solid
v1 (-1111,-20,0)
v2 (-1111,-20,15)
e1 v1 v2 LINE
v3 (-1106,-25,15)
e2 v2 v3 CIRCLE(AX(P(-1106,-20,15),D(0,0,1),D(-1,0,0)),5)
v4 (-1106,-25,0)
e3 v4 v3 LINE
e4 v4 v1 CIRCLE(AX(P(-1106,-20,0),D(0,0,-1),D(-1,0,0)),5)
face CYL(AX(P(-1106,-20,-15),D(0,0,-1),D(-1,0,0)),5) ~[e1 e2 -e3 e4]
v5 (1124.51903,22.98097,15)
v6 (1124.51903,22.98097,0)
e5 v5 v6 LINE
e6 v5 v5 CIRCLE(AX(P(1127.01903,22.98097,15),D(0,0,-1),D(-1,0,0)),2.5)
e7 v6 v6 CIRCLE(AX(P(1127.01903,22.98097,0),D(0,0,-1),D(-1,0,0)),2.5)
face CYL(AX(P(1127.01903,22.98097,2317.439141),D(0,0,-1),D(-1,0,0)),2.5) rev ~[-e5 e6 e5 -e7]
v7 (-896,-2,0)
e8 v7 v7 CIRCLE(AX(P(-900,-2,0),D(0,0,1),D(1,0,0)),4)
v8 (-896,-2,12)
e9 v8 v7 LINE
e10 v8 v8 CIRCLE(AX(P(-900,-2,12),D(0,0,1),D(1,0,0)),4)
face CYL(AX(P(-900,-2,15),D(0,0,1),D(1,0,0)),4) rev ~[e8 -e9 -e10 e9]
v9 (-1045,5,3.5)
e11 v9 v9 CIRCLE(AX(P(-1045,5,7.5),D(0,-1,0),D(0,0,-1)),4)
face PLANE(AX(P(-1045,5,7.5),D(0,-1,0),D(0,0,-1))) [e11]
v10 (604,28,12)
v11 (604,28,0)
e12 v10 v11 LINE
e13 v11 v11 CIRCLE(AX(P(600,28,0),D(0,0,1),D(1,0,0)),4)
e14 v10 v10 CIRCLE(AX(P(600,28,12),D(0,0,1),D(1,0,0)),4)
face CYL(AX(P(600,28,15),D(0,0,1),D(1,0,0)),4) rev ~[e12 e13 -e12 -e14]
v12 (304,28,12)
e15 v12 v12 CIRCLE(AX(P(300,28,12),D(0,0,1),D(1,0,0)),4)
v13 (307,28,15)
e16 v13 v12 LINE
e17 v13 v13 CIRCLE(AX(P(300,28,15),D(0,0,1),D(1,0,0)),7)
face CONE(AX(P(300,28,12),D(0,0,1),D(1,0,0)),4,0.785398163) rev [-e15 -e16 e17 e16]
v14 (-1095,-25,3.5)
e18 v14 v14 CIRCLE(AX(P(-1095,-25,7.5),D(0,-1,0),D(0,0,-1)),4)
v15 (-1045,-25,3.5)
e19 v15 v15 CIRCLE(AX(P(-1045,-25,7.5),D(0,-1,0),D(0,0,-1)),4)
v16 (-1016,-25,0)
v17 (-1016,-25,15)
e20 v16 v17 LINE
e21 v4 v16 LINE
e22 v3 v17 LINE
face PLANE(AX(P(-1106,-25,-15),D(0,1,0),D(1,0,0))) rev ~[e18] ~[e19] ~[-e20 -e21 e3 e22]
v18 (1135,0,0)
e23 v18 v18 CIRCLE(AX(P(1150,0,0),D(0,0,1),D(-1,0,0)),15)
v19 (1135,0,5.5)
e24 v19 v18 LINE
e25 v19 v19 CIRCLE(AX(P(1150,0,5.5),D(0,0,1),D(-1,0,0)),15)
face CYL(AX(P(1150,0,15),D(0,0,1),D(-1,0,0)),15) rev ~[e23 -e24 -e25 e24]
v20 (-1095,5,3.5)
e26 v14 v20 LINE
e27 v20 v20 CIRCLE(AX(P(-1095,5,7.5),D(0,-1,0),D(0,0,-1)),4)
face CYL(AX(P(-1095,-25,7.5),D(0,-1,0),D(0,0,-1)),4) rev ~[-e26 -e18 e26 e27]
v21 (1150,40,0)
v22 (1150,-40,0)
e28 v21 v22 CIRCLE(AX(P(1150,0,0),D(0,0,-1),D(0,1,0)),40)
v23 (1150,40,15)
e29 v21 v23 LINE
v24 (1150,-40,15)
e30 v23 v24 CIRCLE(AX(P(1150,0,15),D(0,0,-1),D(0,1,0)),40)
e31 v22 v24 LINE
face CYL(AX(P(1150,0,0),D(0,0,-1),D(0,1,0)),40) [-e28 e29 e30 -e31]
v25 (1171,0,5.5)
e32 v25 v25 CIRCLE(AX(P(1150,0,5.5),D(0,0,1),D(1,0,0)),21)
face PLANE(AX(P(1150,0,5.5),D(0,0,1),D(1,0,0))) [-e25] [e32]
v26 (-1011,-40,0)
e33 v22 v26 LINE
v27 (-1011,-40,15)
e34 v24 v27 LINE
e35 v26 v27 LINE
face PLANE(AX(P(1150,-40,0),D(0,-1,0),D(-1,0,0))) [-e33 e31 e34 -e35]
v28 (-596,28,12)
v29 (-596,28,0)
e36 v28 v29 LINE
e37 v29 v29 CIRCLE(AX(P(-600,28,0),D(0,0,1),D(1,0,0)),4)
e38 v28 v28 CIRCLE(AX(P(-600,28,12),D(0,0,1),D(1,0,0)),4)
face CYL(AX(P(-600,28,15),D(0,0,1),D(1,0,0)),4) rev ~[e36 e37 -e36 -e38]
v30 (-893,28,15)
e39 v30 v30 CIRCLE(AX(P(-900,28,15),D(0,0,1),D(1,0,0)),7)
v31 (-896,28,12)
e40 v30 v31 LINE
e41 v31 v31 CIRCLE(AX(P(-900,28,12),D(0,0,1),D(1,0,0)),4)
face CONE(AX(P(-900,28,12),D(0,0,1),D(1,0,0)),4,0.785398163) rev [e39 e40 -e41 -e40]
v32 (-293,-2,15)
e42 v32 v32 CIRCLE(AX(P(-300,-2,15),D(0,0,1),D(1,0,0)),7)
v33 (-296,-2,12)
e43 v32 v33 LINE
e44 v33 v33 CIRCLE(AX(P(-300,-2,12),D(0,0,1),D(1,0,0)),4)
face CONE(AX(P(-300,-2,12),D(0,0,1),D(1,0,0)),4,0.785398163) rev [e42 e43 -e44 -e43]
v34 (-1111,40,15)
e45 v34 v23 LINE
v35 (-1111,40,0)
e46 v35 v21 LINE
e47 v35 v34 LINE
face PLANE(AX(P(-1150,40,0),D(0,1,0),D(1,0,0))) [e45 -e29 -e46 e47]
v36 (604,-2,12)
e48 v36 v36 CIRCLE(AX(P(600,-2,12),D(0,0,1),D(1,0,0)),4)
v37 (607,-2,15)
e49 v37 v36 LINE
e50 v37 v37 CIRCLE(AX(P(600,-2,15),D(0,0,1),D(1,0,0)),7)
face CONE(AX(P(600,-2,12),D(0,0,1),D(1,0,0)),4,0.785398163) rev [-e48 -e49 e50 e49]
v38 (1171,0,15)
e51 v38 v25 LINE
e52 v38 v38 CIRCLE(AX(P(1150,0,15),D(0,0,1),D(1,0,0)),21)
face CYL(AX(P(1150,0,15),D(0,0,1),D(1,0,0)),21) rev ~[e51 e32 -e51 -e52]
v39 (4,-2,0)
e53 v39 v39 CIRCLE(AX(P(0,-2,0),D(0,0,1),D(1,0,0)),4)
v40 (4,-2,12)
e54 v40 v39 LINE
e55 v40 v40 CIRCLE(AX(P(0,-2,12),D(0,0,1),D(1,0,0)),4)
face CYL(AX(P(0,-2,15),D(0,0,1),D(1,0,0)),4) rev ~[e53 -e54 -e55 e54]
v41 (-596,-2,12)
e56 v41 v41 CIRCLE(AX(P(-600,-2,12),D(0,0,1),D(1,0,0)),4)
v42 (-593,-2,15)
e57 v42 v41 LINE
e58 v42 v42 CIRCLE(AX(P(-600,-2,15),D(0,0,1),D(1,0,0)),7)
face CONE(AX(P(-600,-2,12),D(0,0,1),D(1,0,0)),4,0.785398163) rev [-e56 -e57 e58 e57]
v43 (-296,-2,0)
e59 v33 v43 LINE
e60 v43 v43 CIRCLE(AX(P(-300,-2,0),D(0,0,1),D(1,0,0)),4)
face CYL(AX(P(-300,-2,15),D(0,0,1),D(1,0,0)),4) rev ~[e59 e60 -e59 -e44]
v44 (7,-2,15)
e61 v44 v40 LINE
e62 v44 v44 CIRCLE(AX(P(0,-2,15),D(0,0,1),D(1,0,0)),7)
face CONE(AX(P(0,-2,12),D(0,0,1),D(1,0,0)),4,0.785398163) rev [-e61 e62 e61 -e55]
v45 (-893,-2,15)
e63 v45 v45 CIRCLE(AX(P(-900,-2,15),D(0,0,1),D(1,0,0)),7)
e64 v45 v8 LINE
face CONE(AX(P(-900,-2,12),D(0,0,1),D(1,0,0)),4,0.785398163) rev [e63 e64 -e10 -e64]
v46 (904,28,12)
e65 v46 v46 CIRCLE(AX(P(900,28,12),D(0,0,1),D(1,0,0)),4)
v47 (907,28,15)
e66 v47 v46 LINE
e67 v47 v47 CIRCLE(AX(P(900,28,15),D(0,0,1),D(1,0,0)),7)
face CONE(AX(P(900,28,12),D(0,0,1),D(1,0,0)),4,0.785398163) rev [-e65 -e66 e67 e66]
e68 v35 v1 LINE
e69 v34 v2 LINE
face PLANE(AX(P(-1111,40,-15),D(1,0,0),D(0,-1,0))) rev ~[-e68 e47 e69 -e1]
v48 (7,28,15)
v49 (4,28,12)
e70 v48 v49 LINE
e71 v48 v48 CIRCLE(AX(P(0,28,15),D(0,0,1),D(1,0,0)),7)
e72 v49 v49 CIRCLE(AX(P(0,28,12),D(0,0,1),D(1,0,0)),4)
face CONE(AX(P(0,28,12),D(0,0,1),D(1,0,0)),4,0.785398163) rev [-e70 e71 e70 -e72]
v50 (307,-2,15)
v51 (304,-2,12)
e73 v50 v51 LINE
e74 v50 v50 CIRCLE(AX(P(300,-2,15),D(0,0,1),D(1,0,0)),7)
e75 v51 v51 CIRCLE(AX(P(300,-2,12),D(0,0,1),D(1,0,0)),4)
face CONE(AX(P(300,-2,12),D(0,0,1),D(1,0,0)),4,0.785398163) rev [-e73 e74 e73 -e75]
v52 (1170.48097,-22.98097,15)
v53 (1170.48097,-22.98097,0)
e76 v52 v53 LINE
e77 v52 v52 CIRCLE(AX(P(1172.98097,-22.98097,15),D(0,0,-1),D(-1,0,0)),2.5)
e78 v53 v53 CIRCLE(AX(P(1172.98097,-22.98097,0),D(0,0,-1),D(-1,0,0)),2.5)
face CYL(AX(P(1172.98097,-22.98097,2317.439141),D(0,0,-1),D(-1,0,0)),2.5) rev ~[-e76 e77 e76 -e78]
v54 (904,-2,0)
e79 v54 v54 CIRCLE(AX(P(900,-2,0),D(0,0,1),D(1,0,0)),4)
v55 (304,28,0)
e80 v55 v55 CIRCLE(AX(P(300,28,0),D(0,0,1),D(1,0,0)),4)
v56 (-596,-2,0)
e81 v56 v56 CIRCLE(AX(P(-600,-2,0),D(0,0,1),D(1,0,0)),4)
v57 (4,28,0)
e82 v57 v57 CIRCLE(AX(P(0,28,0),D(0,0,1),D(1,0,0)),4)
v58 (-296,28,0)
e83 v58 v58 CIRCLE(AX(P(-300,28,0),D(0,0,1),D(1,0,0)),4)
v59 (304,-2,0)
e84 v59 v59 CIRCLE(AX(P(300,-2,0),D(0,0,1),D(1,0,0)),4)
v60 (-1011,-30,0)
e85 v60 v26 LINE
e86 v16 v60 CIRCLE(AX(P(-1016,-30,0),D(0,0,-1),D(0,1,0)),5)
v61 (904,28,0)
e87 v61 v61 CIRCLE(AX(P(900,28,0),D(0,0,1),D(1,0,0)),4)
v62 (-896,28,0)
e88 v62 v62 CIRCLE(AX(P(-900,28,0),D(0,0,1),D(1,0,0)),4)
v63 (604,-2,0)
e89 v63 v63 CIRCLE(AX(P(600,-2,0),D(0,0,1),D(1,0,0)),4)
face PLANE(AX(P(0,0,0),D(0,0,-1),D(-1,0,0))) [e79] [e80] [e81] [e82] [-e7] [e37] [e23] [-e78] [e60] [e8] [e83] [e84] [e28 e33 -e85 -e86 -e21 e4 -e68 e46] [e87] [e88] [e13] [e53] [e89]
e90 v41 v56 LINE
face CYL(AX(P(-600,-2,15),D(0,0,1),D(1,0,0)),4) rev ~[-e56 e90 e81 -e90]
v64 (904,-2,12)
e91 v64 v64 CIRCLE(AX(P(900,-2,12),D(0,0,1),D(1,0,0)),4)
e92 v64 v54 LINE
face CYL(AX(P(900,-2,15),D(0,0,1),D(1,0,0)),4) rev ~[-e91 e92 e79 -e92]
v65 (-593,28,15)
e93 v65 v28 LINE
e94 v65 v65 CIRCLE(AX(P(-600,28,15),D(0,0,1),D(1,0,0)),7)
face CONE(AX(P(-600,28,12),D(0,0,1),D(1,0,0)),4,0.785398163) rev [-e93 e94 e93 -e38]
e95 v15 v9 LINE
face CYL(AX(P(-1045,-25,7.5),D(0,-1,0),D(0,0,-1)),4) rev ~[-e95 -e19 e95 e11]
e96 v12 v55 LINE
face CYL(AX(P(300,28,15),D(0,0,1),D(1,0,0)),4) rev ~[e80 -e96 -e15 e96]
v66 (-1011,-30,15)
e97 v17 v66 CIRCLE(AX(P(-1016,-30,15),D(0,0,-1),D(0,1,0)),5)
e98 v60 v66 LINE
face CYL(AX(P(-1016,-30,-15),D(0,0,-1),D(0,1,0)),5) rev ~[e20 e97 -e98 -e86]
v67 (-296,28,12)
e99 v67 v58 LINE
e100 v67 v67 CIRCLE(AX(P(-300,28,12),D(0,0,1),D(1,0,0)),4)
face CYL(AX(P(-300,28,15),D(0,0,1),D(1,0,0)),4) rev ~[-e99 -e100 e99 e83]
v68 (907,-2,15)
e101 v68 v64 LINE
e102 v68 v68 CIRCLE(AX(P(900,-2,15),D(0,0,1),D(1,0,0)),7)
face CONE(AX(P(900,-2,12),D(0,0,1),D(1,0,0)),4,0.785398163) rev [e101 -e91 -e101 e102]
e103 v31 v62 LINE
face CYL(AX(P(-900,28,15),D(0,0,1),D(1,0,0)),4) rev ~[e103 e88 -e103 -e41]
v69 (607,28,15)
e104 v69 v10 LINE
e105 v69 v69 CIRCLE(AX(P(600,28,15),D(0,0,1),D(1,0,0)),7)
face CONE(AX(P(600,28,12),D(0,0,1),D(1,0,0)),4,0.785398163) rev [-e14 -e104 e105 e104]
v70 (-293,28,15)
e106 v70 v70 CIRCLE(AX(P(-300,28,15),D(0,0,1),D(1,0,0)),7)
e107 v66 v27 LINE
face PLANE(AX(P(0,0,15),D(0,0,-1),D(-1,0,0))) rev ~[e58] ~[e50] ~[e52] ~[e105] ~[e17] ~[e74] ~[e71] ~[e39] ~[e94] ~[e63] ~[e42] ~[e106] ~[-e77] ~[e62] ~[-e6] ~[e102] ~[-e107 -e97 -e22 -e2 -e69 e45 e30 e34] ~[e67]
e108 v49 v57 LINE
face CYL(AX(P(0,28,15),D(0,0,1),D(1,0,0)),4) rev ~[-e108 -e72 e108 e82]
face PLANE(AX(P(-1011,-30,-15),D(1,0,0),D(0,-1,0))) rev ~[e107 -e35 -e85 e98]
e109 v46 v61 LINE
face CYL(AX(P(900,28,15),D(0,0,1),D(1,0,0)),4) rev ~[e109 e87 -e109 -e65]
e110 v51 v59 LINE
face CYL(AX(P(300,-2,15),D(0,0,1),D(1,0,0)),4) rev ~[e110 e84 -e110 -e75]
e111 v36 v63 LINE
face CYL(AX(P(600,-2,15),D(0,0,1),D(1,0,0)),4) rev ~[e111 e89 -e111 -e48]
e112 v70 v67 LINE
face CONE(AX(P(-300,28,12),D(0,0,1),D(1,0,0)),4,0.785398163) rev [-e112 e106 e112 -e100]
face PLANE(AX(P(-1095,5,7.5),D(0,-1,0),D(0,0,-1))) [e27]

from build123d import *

# Parameters (mm, degrees)
ESTRUSIONE1_DEPTH                    = 15
SCHIZZO2_R                           = 4
SCHIZZO2_R_2                         = 15
TAGLIO_ESTRUSIONE1_DEPTH             = 15
SCHIZZO4_R                           = 6.75
TAGLIO_ESTRUSIONE3_DEPTH             = 8.5
SCHIZZO5_R                           = 4
TAGLIO_ESTRUSIONE4_DEPTH             = 30
SMUSSO1_SIZE                         = 3
TAGLIO_ESTRUSIONE8_START             = -30
TAGLIO_ESTRUSIONE8_DEPTH             = 30
SCHIZZO12_R                          = 4
TAGLIO_ESTRUSIONE9_DEPTH             = 30
SCHIZZO13_R                          = 21
TAGLIO_ESTRUSIONE10_DEPTH            = 9.5
RIPETIZIONE_A_L1_COUNT               = 4
RIPETIZIONE_A_L1_PITCH               = 300
SMUSSO1_OF_RIPETIZIONE_A_L1_SIZE     = 3
RIPETIZIONE_A_L1_COL_COUNT           = 4
RIPETIZIONE_A_L1_COL_PITCH           = 300
SMUSSO1_OF_RIPETIZIONE_A_L1_COL_SIZE = 3
FORO_FILETTATO_M6_1_D                = 5


with BuildPart() as part:
    # Schizzo1 → Estrusione1 (new body)
    with BuildSketch(Plane.XY):
        with BuildLine():
            Line((-1150, 40), (1150, 40))
            ThreePointArc((1150, 40), (1190, 0), (1150, -40))
            Line((1150, -40), (-1150, -40))
            ThreePointArc((-1150, -40), (-1190, 0), (-1150, 40))
        make_face()
    extrude(amount=ESTRUSIONE1_DEPTH)

    # Schizzo2 → Taglio-Estrusione1 (cut)
    with BuildSketch(Plane.XY.offset(15)):
        with Locations((-1150, 0)):
            Circle(SCHIZZO2_R)
        with Locations(Location((1150, 0, 0), (0, 0, 180))):
            Circle(SCHIZZO2_R_2)
    extrude(amount=-TAGLIO_ESTRUSIONE1_DEPTH, mode=Mode.SUBTRACT)

    # Schizzo4 → Taglio-Estrusione3 (cut)
    with BuildSketch(Plane.XY.offset(15)):
        with Locations((-1150, 0)):
            Circle(SCHIZZO4_R)
    extrude(amount=-TAGLIO_ESTRUSIONE3_DEPTH, mode=Mode.SUBTRACT)

    # Schizzo5 → Taglio-Estrusione4 (cut)
    with BuildSketch(Plane.XY.offset(15)):
        with Locations((0, -2)):
            Circle(SCHIZZO5_R)
        with Locations((0, 28)):
            Circle(SCHIZZO5_R)
    taglio_estrusione4 = extrude(amount=-TAGLIO_ESTRUSIONE4_DEPTH, mode=Mode.SUBTRACT)

    # Smusso1
    smusso1_edges = [part.edges().sort_by_distance(p)[0] for p in [
        (-4, -2, 15),
        (-4, 28, 15),
    ]]
    chamfer(smusso1_edges, length=SMUSSO1_SIZE)

    # Schizzo11 → Taglio-Estrusione8 (cut)
    with BuildSketch(Plane.XY.offset(15).offset(TAGLIO_ESTRUSIONE8_START)):
        with BuildLine():
            Line((-1150, 40), (-1111, 40))
            Line((-1111, 40), (-1111, -20))
            ThreePointArc((-1111, -20), (-1109.535533906, -23.535533906), (-1106, -25))
            Line((-1106, -25), (-1016, -25))
            ThreePointArc((-1016, -25), (-1012.464466094, -26.464466094), (-1011, -30))
            Line((-1011, -30), (-1011, -40))
            Line((-1011, -40), (-1150, -40))
            ThreePointArc((-1150, -40), (-1190, 0), (-1150, 40))
        make_face()
    extrude(amount=TAGLIO_ESTRUSIONE8_DEPTH, mode=Mode.SUBTRACT)

    # Schizzo12 → Taglio-Estrusione9 (cut)
    with BuildSketch(Plane.XZ.offset(25)):
        with Locations(Location((-1095, 7.5, 0), (0, 0, 270))):
            Circle(SCHIZZO12_R)
        with Locations(Location((-1045, 7.5, 0), (0, 0, 270))):
            Circle(SCHIZZO12_R)
    extrude(amount=-TAGLIO_ESTRUSIONE9_DEPTH, mode=Mode.SUBTRACT)

    # Schizzo13 → Taglio-Estrusione10 (cut)
    with BuildSketch(Plane.XY.offset(15)):
        with Locations((1150, 0)):
            Circle(SCHIZZO13_R)
    extrude(amount=-TAGLIO_ESTRUSIONE10_DEPTH, mode=Mode.SUBTRACT)

    # Ripetizione a L1: Taglio-Estrusione4 ×4
    with Locations(*[(-i * RIPETIZIONE_A_L1_PITCH, 0, 0) for i in range(1, RIPETIZIONE_A_L1_COUNT)]):
        add(taglio_estrusione4, mode=Mode.SUBTRACT)

    # Smusso1 of Ripetizione a L1
    smusso1_of_ripetizione_a_l1_edges = [part.edges().sort_by_distance(p)[0] for p in [
        (-304, -2, 15),
        (-304, 28, 15),
        (-604, -2, 15),
        (-604, 28, 15),
        (-904, -2, 15),
        (-904, 28, 15),
    ]]
    chamfer(smusso1_of_ripetizione_a_l1_edges, length=SMUSSO1_OF_RIPETIZIONE_A_L1_SIZE)

    # Ripetizione a L1 col: Taglio-Estrusione4 ×4
    with Locations(*[(i * RIPETIZIONE_A_L1_COL_PITCH, 0, 0) for i in range(1, RIPETIZIONE_A_L1_COL_COUNT)]):
        add(taglio_estrusione4, mode=Mode.SUBTRACT)

    # Smusso1 of Ripetizione a L1 col
    smusso1_of_ripetizione_a_l1_col_edges = [part.edges().sort_by_distance(p)[0] for p in [
        (296, -2, 15),
        (296, 28, 15),
        (596, -2, 15),
        (596, 28, 15),
        (896, -2, 15),
        (896, 28, 15),
    ]]
    chamfer(smusso1_of_ripetizione_a_l1_col_edges, length=SMUSSO1_OF_RIPETIZIONE_A_L1_COL_SIZE)

    # Foro filettato M6-1 (through all)
    with Locations(Plane.XY.offset(15)):
        with Locations((1127.019029611, 22.980970389), (1172.980970389, -22.980970389)):
            Hole(FORO_FILETTATO_M6_1_D / 2)


solid = part.part
